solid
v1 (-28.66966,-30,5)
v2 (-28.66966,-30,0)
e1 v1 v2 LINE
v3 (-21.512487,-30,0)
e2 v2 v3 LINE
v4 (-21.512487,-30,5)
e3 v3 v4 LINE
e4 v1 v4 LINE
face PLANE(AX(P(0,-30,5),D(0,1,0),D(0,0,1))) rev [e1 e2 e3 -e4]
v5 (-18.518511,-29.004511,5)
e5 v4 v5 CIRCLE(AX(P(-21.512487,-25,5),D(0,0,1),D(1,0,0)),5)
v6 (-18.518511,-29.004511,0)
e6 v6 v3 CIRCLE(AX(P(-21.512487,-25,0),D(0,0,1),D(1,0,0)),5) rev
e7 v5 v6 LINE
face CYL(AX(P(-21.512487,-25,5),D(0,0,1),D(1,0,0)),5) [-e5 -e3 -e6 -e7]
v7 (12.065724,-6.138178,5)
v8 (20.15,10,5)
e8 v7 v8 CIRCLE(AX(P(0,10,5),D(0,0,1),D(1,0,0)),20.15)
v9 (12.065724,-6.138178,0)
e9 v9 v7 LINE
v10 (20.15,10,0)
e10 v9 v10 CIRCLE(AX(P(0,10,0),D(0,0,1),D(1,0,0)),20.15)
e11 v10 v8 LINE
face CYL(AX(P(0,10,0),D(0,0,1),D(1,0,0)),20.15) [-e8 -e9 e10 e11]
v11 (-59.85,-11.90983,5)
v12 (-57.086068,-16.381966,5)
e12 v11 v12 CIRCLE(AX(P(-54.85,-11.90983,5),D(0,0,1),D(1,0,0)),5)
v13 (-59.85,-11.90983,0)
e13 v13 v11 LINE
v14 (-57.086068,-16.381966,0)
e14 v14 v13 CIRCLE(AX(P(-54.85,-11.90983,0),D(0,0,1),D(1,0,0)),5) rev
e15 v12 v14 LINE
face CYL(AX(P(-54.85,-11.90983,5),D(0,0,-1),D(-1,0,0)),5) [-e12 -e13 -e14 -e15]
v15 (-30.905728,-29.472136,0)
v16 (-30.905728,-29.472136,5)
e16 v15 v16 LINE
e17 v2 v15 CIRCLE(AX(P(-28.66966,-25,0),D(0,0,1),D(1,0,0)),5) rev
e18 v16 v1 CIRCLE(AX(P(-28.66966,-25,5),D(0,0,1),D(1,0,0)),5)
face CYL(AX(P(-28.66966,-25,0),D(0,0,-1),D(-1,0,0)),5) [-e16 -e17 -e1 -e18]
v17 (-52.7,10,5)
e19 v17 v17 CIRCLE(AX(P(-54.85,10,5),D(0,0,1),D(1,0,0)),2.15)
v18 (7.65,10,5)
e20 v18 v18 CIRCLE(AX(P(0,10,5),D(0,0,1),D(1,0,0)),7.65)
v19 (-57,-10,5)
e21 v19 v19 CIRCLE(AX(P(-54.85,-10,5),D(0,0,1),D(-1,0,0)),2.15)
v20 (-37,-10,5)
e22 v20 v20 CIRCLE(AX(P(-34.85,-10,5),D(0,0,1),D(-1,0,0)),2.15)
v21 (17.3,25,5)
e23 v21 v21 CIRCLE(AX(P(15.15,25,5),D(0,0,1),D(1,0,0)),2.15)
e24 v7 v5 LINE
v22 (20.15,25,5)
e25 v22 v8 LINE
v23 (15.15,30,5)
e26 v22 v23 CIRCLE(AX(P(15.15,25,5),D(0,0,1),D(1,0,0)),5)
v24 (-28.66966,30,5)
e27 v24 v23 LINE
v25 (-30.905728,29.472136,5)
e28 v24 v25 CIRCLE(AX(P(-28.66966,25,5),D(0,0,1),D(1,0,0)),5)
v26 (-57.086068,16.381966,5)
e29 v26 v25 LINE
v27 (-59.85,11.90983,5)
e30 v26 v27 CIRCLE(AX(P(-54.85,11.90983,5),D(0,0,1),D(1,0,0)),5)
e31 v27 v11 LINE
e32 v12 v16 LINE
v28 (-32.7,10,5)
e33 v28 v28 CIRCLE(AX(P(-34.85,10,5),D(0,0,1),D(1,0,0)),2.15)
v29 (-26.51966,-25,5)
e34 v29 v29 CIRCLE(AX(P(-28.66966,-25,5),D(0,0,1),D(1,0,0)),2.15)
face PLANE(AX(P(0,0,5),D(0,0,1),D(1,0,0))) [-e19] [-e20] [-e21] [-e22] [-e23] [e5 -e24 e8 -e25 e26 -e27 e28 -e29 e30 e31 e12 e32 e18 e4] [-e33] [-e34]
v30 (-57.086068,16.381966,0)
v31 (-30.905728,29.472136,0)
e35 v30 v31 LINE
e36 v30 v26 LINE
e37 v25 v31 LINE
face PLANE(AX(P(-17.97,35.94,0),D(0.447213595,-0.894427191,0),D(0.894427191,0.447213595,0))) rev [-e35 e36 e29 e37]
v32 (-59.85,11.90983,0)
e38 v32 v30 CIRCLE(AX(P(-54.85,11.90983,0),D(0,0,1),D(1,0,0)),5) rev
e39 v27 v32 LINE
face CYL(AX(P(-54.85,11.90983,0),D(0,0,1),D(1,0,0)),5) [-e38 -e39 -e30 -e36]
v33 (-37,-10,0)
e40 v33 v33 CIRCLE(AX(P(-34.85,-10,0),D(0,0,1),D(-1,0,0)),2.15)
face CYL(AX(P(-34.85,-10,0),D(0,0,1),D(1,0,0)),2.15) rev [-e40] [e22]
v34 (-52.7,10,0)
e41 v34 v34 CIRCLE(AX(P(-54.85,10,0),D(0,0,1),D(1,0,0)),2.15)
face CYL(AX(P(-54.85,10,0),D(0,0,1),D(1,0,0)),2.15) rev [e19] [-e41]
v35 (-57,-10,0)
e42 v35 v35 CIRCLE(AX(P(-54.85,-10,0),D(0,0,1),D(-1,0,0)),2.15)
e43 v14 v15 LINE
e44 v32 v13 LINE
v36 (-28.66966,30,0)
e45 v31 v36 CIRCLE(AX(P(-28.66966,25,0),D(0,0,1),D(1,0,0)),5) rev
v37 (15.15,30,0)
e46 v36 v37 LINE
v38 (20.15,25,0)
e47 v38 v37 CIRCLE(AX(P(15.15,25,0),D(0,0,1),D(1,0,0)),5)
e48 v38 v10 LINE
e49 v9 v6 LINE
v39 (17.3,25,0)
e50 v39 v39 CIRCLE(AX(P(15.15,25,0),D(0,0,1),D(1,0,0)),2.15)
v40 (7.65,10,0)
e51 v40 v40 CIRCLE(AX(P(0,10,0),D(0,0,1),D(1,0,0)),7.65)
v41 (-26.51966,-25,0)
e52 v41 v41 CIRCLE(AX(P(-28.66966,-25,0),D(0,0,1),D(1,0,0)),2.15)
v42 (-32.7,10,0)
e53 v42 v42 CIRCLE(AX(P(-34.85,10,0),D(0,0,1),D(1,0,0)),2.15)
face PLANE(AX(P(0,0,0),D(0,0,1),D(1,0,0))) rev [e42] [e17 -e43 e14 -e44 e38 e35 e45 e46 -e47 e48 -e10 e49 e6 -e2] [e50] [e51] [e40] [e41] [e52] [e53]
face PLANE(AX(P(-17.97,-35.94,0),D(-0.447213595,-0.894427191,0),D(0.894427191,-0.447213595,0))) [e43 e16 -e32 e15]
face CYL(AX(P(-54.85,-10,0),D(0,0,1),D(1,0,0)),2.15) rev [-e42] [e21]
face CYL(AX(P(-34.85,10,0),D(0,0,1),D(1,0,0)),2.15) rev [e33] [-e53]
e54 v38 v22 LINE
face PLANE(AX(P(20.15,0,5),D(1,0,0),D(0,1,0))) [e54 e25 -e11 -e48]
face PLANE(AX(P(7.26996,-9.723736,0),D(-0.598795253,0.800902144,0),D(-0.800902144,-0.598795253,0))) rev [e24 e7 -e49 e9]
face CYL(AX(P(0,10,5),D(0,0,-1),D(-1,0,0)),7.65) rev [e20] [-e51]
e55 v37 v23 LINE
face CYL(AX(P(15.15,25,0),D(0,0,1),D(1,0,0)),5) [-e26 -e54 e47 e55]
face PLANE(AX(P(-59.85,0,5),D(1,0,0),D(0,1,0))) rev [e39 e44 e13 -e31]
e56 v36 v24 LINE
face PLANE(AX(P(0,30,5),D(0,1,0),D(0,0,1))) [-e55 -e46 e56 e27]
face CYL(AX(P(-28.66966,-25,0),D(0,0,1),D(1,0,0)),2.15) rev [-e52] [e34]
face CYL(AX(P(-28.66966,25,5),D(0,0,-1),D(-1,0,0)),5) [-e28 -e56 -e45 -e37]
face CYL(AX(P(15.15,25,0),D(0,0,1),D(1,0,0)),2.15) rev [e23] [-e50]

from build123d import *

# Parameters (mm, degrees)
SKETCH_1_W          = 80
SKETCH_1_H          = 60
SKETCH_1_R          = 7.65
EXTRUDE_1_DEPTH     = 5
SKETCH_2_R          = 2.15
CUT_EXTRUDE_1_DEPTH = 68.134361545
SKETCH_3_R          = 2.15
CUT_EXTRUDE_2_DEPTH = 68.134361545
CUT_EXTRUDE_3_DEPTH = 68.134361545
SKETCH_6_R          = 2.15
CUT_EXTRUDE_5_DEPTH = 68.134361545
FILLET_1_R          = 5


with BuildPart() as part:
    # ｽｹｯﾁ1 → ﾎﾞｽ - 押し出し1 (new body)
    with BuildSketch(Plane.XY):
        with Locations((-19.85, 0)):
            Rectangle(SKETCH_1_W, SKETCH_1_H)
        with Locations((0, 10)):
            Circle(SKETCH_1_R, mode=Mode.SUBTRACT)
    extrude(amount=EXTRUDE_1_DEPTH)

    # ｽｹｯﾁ2 → ｶｯﾄ - 押し出し1 (cut, through all)
    with BuildSketch(Plane.XY.offset(5)):
        with Locations((-54.85, 10)):
            Circle(SKETCH_2_R)
        with Locations(Location((-54.85, -10, 0), (0, 0, 180))):
            Circle(SKETCH_2_R)
        with Locations((-34.85, 10)):
            Circle(SKETCH_2_R)
        with Locations(Location((-34.85, -10, 0), (0, 0, 180))):
            Circle(SKETCH_2_R)
    extrude(amount=-CUT_EXTRUDE_1_DEPTH, mode=Mode.SUBTRACT)

    # ｽｹｯﾁ3 → ｶｯﾄ - 押し出し2 (cut, through all)
    with BuildSketch(Plane.XY.offset(5)):
        with Locations((15.15, 25)):
            Circle(SKETCH_3_R)
        with BuildLine():
            ThreePointArc((15.15, 30), (18.685533906, 28.535533906), (20.15, 25))
            Line((20.15, 25), (20.15, 30))
            Line((20.15, 30), (15.15, 30))
        make_face()
    extrude(amount=-CUT_EXTRUDE_2_DEPTH, mode=Mode.SUBTRACT)

    # ｽｹｯﾁ4 → ｶｯﾄ - 押し出し3 (cut, through all)
    with BuildSketch(Plane.XY.offset(5)):
        Polygon((-59.85, 30), (-59.85, 15), (-29.85, 30), align=None)
        Polygon((-29.85, -30), (-59.85, -15), (-59.85, -30), align=None)
        with BuildLine():
            Line((20.15, 0), (17.493498792, 0))
            ThreePointArc((17.493498792, 0), (15.094907291, -3.347893986), (12.06572435, -6.138178209))
            Line((12.06572435, -6.138178209), (-19.85, -30))
            Line((-19.85, -30), (20.15, -30))
            Line((20.15, -30), (20.15, 0))
        make_face()
        with BuildLine():
            ThreePointArc((20.15, 10), (19.474553919, 4.8265824), (17.493498792, 0))
            Line((17.493498792, 0), (20.15, 0))
            Line((20.15, 0), (20.15, 10))
        make_face()
    extrude(amount=-CUT_EXTRUDE_3_DEPTH, mode=Mode.SUBTRACT)

    # ｽｹｯﾁ6 → ｶｯﾄ - 押し出し5 (cut, through all)
    with BuildSketch(Plane.XY.offset(5)):
        with Locations((-28.669660113, -25)):
            Circle(SKETCH_6_R)
    extrude(amount=-CUT_EXTRUDE_5_DEPTH, mode=Mode.SUBTRACT)

    # ﾌｨﾚｯﾄ1
    fillet_1_edges = [part.edges().sort_by_distance(p)[0] for p in [
        (-59.85, 15, 2.5),
        (-29.85, 30, 2.5),
        (-59.85, -15, 2.5),
        (-29.85, -30, 2.5),
        (-19.85, -30, 2.5),
    ]]
    fillet(fillet_1_edges, radius=FILLET_1_R)


solid = part.part
